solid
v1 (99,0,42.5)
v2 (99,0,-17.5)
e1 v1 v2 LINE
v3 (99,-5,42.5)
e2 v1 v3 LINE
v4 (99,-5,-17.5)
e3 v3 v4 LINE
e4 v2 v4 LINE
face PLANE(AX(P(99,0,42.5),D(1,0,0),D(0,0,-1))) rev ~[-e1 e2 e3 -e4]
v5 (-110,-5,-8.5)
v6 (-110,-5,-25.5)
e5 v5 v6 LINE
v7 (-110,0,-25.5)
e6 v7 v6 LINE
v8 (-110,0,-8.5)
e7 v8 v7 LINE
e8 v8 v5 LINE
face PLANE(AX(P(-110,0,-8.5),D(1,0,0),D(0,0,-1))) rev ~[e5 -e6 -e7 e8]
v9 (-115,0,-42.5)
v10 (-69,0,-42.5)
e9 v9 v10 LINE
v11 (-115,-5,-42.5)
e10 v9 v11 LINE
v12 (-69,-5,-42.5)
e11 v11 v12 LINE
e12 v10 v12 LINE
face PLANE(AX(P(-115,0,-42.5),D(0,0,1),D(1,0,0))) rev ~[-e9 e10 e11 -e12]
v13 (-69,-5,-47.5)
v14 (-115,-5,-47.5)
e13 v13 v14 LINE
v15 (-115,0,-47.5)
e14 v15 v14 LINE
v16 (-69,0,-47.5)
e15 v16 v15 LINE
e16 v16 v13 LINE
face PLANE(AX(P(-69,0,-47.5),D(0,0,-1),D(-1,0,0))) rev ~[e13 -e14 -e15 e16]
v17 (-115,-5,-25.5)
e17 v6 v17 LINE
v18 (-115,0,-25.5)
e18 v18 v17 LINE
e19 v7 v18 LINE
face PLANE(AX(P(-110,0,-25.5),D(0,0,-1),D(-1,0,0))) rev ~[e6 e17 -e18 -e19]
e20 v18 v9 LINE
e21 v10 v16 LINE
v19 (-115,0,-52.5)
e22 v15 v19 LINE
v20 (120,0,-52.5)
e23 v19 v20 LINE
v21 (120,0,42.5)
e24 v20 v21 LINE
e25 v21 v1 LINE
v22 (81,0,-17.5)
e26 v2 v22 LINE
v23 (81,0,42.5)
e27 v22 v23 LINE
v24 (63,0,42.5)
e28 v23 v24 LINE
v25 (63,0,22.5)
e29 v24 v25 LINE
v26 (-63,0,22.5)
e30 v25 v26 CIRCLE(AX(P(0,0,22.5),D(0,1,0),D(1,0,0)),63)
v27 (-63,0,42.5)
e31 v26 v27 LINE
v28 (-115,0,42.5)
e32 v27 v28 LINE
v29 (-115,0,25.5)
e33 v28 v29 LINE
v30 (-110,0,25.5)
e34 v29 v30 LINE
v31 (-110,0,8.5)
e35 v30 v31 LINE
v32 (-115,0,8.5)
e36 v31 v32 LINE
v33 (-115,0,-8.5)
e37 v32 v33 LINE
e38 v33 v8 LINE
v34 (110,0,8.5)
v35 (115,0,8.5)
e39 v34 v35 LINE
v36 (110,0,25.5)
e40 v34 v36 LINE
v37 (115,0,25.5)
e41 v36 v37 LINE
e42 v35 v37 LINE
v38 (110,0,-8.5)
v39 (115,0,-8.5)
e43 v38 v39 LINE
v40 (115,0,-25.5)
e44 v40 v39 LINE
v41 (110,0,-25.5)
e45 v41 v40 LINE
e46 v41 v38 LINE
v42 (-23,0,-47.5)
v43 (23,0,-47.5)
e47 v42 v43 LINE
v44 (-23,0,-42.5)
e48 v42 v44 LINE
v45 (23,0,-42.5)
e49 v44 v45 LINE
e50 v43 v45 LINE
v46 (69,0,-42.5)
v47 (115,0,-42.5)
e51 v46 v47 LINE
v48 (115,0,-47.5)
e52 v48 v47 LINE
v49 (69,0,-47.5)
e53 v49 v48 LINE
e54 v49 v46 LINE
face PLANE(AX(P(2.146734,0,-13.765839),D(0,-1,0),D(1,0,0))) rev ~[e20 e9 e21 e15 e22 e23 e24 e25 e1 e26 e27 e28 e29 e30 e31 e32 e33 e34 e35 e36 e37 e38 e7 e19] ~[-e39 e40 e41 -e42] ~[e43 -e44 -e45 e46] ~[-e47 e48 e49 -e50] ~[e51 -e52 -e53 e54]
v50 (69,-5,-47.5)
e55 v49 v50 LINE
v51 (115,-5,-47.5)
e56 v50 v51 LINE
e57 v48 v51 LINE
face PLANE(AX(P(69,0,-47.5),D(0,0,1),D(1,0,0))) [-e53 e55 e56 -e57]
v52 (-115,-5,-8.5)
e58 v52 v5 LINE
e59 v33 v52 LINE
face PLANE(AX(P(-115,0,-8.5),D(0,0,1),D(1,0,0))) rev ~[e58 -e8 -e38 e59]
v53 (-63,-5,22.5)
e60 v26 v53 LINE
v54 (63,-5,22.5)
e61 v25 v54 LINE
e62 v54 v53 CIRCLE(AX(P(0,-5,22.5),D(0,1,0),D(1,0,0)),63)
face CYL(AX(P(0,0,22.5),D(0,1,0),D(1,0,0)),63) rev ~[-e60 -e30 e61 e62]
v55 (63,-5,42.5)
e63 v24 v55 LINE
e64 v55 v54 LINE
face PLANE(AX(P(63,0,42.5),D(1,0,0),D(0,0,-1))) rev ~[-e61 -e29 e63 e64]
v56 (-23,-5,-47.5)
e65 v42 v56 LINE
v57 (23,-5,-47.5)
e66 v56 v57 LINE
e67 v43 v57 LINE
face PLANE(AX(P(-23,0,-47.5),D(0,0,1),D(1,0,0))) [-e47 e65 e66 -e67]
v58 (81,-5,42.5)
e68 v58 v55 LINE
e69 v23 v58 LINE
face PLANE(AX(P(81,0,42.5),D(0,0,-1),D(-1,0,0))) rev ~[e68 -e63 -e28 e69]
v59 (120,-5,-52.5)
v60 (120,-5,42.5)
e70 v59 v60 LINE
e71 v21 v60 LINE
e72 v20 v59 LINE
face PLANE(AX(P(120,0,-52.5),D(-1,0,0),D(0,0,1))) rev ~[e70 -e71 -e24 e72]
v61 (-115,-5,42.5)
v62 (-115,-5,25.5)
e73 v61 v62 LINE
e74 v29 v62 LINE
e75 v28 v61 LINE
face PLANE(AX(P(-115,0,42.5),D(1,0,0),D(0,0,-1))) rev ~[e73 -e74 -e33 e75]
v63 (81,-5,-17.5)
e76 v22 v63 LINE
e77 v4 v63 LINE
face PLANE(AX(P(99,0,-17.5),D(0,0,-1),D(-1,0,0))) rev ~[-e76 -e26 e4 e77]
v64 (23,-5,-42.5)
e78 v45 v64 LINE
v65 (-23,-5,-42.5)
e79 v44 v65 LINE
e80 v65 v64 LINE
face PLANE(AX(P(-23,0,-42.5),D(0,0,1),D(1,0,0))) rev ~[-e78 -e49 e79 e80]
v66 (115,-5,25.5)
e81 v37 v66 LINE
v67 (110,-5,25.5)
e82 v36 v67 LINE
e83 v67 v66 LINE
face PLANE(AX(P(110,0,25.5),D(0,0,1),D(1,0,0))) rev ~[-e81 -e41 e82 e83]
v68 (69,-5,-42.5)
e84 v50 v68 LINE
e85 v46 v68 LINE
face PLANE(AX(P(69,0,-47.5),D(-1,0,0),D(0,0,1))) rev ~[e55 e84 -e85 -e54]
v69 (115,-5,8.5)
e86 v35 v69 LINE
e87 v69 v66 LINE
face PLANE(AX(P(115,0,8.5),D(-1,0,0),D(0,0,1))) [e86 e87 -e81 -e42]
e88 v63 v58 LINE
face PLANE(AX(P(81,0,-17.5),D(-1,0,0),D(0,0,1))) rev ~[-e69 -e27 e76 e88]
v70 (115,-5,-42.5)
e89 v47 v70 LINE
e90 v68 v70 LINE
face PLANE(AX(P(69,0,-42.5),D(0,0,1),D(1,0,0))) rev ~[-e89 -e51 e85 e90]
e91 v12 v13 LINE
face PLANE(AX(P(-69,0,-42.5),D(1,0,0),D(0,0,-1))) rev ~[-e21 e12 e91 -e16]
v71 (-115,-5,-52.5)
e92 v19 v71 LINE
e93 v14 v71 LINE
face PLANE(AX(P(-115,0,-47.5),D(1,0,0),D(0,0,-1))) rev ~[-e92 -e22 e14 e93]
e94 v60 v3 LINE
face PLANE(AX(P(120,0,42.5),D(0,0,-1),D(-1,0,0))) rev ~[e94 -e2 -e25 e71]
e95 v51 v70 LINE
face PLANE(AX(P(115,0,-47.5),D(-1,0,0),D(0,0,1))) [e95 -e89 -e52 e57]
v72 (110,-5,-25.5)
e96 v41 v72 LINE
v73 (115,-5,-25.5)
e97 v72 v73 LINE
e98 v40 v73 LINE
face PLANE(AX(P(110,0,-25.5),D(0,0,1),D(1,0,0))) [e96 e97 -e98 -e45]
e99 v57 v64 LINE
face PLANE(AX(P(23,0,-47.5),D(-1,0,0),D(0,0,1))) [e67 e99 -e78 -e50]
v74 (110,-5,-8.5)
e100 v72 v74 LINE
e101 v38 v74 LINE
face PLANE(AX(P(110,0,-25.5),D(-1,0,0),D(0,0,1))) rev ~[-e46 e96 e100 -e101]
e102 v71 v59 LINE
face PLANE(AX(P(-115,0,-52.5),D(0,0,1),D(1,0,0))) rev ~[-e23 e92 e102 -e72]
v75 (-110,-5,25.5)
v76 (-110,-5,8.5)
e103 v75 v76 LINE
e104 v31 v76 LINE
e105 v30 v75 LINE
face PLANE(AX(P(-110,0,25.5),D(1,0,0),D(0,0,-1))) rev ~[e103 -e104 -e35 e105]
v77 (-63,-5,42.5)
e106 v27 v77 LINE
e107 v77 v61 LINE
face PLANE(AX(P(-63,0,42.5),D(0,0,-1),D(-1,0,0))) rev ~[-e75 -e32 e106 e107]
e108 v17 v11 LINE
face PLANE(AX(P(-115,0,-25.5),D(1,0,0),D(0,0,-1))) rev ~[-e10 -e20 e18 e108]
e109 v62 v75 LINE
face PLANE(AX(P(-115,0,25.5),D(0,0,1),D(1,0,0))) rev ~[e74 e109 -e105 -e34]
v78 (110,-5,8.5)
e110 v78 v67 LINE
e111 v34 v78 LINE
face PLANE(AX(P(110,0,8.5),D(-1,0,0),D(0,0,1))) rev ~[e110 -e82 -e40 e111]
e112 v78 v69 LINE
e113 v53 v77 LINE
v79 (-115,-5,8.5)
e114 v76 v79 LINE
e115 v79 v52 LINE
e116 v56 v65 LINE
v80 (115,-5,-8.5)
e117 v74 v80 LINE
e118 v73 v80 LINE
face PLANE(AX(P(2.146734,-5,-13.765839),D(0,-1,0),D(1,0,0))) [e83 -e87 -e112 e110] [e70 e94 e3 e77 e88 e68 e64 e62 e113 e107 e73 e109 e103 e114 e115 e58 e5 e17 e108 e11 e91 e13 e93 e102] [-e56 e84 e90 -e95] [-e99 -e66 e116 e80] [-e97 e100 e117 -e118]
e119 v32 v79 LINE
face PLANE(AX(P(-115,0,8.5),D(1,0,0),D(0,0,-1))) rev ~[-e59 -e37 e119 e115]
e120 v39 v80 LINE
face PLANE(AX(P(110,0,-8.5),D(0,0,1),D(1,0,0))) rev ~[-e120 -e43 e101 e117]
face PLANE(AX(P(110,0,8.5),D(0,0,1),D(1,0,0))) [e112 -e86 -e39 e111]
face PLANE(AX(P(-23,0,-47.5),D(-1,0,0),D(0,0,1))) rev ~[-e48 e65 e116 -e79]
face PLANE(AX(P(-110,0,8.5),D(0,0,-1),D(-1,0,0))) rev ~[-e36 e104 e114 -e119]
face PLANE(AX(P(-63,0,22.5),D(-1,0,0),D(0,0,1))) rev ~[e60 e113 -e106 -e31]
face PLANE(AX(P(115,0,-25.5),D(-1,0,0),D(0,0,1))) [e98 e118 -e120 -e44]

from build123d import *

# Parameters (mm, degrees)
F0_W     = 46
F0_H     = 5
F0_W_2   = 5
F0_H_2   = 17
F1_DEPTH = 5


with BuildPart() as f1:
    # F0 (on Front) → F1 (new body)
    with BuildSketch(Plane.XZ):
        with BuildLine():
            Line((115, 42.5), (110, 42.5))
            Line((110, 42.5), (99, 42.5))
            Line((99, 42.5), (99, -17.5))
            Line((99, -17.5), (81, -17.5))
            Line((81, -17.5), (81, 42.5))
            Line((81, 42.5), (63, 42.5))
            Line((63, 42.5), (63, 22.5))
            ThreePointArc((63, 22.5), (0, -40.5), (-63, 22.5))
            Line((-63, 22.5), (-63, 42.5))
            Line((-63, 42.5), (-110, 42.5))
            Line((-110, 42.5), (-115, 42.5))
            Line((-115, 42.5), (-115, 25.5))
            Line((-115, 25.5), (-110, 25.5))
            Line((-110, 25.5), (-110, 8.5))
            Line((-110, 8.5), (-115, 8.5))
            Line((-115, 8.5), (-115, -8.5))
            Line((-115, -8.5), (-110, -8.5))
            Line((-110, -8.5), (-110, -25.5))
            Line((-110, -25.5), (-115, -25.5))
            Line((-115, -25.5), (-115, -42.5))
            Line((-115, -42.5), (-69, -42.5))
            Line((-69, -42.5), (-69, -47.5))
            Line((-69, -47.5), (-115, -47.5))
            Line((-115, -47.5), (-115, -52.5))
            Line((-115, -52.5), (115, -52.5))
            Line((115, -52.5), (120, -52.5))
            Line((120, -52.5), (120, 42.5))
            Line((120, 42.5), (115, 42.5))
        make_face()
        with Locations((0, -45)):
            Rectangle(F0_W, F0_H, mode=Mode.SUBTRACT)
        with Locations((92, -45)):
            Rectangle(F0_W, F0_H, mode=Mode.SUBTRACT)
        with Locations((112.5, -17)):
            Rectangle(F0_W_2, F0_H_2, mode=Mode.SUBTRACT)
        with Locations((112.5, 17)):
            Rectangle(F0_W_2, F0_H_2, mode=Mode.SUBTRACT)
    extrude(amount=F1_DEPTH)


solid = f1.part
